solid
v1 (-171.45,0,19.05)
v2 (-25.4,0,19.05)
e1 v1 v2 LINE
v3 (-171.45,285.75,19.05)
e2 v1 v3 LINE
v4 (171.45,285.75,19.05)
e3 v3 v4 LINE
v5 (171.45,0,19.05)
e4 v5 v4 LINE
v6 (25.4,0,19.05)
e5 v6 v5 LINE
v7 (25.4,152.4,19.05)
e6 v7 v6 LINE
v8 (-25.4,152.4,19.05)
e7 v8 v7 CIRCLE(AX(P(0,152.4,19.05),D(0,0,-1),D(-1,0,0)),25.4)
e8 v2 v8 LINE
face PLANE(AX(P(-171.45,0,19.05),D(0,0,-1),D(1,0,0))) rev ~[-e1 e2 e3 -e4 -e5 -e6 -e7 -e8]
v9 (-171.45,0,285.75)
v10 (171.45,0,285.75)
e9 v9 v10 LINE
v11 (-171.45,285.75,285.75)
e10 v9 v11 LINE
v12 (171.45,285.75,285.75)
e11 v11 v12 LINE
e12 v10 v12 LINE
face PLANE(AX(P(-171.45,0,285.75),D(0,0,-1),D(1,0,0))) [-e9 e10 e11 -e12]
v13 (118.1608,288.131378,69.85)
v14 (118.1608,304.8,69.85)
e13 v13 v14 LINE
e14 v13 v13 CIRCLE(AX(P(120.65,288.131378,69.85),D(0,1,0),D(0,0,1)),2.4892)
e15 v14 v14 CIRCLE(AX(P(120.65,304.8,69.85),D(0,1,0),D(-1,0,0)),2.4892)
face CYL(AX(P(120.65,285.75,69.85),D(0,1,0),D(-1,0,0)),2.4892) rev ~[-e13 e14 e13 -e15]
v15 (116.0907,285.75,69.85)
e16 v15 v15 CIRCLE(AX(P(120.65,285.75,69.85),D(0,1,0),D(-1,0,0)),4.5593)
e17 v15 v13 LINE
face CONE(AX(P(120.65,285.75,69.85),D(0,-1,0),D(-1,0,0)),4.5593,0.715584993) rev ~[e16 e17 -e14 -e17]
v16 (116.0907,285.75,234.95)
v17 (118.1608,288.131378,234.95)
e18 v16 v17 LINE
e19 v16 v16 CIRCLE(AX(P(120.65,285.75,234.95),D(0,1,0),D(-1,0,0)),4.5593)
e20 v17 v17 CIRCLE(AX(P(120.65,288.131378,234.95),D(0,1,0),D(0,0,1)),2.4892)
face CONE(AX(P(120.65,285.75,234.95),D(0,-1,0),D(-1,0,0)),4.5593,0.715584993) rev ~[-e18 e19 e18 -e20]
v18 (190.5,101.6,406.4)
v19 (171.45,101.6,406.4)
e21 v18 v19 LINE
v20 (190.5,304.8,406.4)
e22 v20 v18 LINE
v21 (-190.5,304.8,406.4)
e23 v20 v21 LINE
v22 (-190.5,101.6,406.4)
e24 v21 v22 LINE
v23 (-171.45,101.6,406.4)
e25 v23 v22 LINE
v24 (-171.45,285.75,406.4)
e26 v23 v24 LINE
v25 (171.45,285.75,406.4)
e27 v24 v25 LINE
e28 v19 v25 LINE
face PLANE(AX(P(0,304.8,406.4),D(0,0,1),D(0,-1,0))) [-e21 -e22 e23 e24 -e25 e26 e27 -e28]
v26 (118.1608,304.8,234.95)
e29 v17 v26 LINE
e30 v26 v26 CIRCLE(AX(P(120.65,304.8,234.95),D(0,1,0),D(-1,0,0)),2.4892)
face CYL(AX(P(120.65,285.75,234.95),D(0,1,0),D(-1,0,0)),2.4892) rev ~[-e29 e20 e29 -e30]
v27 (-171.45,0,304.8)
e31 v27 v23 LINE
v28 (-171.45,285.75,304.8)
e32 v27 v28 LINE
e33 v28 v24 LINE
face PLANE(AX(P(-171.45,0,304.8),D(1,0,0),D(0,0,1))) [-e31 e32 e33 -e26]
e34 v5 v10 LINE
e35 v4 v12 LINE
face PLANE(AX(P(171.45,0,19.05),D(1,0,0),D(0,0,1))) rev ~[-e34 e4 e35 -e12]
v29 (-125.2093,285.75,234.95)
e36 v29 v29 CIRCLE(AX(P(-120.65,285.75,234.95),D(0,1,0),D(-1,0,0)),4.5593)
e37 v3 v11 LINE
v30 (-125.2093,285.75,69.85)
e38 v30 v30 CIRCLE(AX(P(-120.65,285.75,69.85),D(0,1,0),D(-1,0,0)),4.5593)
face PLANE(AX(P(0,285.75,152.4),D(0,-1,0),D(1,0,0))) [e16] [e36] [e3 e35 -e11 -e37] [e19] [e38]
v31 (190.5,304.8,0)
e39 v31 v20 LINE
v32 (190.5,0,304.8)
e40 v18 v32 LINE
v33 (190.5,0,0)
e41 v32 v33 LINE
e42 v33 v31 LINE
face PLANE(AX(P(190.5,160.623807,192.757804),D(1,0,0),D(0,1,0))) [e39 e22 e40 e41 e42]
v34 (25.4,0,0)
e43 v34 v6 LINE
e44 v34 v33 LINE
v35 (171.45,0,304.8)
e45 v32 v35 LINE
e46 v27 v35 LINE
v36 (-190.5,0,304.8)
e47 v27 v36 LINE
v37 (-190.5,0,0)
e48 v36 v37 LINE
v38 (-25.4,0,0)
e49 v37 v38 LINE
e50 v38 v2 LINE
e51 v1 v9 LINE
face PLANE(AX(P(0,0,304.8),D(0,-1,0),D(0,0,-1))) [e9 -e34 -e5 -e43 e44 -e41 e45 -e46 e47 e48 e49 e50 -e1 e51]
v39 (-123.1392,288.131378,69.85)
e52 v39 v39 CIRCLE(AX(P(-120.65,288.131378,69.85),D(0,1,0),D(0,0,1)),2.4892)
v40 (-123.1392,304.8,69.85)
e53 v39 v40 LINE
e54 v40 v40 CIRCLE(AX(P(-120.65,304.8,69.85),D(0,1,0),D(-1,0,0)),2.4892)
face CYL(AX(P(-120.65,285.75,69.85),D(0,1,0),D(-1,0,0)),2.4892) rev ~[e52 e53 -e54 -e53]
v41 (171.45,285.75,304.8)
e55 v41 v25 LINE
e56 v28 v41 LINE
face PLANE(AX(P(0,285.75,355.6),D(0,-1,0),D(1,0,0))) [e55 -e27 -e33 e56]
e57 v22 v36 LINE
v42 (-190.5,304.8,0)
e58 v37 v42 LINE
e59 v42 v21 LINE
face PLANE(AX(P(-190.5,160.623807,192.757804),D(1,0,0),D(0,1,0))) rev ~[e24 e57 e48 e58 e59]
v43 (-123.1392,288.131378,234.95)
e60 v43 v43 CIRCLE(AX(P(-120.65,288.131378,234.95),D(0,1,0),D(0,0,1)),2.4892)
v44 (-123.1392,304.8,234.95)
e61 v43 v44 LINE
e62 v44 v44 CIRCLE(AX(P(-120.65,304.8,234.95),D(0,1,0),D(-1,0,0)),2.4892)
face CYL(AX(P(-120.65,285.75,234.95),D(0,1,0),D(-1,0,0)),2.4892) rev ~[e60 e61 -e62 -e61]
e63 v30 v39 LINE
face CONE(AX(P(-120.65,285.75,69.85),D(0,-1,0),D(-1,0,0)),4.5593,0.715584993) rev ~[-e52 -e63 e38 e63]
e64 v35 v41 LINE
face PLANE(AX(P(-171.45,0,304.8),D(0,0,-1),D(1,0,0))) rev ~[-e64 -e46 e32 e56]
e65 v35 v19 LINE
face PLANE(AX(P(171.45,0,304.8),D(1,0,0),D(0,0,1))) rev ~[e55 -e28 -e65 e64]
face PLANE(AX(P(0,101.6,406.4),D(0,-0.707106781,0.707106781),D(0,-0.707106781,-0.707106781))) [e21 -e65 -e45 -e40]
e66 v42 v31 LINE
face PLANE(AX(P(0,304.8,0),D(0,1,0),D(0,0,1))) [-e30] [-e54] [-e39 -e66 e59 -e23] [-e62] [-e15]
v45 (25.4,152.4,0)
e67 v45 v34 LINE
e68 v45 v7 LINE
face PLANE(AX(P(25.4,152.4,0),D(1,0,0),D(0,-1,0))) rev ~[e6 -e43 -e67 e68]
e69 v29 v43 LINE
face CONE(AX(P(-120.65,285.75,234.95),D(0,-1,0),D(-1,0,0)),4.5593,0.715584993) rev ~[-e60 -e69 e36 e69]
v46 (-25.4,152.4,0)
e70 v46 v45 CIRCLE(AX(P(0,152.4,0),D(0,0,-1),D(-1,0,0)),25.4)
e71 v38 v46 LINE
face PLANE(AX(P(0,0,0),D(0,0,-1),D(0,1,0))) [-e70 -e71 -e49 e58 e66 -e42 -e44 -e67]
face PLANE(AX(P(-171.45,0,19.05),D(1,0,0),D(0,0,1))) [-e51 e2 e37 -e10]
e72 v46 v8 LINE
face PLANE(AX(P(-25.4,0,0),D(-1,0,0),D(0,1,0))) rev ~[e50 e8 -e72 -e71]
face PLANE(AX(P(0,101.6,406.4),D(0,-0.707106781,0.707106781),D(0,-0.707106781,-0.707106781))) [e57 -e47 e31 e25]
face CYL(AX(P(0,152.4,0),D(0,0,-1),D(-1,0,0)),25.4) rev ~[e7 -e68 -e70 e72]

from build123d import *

# Parameters (mm, degrees)
F1_DEPTH       = 190.5
F2_W           = 342.9
F2_H           = 101.6
F3_DEPTH       = 285.75
F4_W           = 342.9
F4_H           = 266.7
F5_DEPTH       = 285.75
F7_DEPTH       = 19.05
F9_D           = 4.9784
F9_CSINK_D     = 9.1186
F9_CSINK_ANGLE = 82


with BuildPart() as f1:
    # F0 (on Right) → F1 (new body, symmetric)
    with BuildSketch(Plane.YZ):
        Polygon((0, 304.8), (0, 0), (304.8, 0), (304.8, 406.4), (101.6, 406.4), align=None)
    extrude(amount=F1_DEPTH, both=True)

    # F2 (on face) → F3 (cut, through all)
    with BuildSketch(Plane.XZ):
        with Locations((0, 355.6)):
            Rectangle(F2_W, F2_H)
    extrude(amount=-F3_DEPTH, mode=Mode.SUBTRACT)

    # F4 (on face) → F5 (cut, through all)
    with BuildSketch(Plane.XZ):
        with Locations((0, 152.4)):
            Rectangle(F4_W, F4_H)
    extrude(amount=-F5_DEPTH, mode=Mode.SUBTRACT)

    # F6 (on face) → F7 (cut, through all)
    with BuildSketch(Plane(origin=(0, 0, 0), x_dir=(1, 0, 0), z_dir=(0, 0, -1))):
        with BuildLine():
            Line((25.4, 0), (-25.4, 0))
            Line((-25.4, 0), (-25.4, -152.4))
            ThreePointArc((-25.4, -152.4), (0, -177.8), (25.4, -152.4))
            Line((25.4, -152.4), (25.4, 0))
        make_face()
    extrude(amount=-F7_DEPTH, mode=Mode.SUBTRACT)

    # F9 (through all)
    with Locations(Plane.XZ.offset(-285.75)):
        with Locations((120.65, 69.85), (120.65, 234.95), (-120.65, 234.95), (-120.65, 69.85)):
            CounterSinkHole(F9_D / 2, F9_CSINK_D / 2, counter_sink_angle=F9_CSINK_ANGLE)


solid = f1.part
